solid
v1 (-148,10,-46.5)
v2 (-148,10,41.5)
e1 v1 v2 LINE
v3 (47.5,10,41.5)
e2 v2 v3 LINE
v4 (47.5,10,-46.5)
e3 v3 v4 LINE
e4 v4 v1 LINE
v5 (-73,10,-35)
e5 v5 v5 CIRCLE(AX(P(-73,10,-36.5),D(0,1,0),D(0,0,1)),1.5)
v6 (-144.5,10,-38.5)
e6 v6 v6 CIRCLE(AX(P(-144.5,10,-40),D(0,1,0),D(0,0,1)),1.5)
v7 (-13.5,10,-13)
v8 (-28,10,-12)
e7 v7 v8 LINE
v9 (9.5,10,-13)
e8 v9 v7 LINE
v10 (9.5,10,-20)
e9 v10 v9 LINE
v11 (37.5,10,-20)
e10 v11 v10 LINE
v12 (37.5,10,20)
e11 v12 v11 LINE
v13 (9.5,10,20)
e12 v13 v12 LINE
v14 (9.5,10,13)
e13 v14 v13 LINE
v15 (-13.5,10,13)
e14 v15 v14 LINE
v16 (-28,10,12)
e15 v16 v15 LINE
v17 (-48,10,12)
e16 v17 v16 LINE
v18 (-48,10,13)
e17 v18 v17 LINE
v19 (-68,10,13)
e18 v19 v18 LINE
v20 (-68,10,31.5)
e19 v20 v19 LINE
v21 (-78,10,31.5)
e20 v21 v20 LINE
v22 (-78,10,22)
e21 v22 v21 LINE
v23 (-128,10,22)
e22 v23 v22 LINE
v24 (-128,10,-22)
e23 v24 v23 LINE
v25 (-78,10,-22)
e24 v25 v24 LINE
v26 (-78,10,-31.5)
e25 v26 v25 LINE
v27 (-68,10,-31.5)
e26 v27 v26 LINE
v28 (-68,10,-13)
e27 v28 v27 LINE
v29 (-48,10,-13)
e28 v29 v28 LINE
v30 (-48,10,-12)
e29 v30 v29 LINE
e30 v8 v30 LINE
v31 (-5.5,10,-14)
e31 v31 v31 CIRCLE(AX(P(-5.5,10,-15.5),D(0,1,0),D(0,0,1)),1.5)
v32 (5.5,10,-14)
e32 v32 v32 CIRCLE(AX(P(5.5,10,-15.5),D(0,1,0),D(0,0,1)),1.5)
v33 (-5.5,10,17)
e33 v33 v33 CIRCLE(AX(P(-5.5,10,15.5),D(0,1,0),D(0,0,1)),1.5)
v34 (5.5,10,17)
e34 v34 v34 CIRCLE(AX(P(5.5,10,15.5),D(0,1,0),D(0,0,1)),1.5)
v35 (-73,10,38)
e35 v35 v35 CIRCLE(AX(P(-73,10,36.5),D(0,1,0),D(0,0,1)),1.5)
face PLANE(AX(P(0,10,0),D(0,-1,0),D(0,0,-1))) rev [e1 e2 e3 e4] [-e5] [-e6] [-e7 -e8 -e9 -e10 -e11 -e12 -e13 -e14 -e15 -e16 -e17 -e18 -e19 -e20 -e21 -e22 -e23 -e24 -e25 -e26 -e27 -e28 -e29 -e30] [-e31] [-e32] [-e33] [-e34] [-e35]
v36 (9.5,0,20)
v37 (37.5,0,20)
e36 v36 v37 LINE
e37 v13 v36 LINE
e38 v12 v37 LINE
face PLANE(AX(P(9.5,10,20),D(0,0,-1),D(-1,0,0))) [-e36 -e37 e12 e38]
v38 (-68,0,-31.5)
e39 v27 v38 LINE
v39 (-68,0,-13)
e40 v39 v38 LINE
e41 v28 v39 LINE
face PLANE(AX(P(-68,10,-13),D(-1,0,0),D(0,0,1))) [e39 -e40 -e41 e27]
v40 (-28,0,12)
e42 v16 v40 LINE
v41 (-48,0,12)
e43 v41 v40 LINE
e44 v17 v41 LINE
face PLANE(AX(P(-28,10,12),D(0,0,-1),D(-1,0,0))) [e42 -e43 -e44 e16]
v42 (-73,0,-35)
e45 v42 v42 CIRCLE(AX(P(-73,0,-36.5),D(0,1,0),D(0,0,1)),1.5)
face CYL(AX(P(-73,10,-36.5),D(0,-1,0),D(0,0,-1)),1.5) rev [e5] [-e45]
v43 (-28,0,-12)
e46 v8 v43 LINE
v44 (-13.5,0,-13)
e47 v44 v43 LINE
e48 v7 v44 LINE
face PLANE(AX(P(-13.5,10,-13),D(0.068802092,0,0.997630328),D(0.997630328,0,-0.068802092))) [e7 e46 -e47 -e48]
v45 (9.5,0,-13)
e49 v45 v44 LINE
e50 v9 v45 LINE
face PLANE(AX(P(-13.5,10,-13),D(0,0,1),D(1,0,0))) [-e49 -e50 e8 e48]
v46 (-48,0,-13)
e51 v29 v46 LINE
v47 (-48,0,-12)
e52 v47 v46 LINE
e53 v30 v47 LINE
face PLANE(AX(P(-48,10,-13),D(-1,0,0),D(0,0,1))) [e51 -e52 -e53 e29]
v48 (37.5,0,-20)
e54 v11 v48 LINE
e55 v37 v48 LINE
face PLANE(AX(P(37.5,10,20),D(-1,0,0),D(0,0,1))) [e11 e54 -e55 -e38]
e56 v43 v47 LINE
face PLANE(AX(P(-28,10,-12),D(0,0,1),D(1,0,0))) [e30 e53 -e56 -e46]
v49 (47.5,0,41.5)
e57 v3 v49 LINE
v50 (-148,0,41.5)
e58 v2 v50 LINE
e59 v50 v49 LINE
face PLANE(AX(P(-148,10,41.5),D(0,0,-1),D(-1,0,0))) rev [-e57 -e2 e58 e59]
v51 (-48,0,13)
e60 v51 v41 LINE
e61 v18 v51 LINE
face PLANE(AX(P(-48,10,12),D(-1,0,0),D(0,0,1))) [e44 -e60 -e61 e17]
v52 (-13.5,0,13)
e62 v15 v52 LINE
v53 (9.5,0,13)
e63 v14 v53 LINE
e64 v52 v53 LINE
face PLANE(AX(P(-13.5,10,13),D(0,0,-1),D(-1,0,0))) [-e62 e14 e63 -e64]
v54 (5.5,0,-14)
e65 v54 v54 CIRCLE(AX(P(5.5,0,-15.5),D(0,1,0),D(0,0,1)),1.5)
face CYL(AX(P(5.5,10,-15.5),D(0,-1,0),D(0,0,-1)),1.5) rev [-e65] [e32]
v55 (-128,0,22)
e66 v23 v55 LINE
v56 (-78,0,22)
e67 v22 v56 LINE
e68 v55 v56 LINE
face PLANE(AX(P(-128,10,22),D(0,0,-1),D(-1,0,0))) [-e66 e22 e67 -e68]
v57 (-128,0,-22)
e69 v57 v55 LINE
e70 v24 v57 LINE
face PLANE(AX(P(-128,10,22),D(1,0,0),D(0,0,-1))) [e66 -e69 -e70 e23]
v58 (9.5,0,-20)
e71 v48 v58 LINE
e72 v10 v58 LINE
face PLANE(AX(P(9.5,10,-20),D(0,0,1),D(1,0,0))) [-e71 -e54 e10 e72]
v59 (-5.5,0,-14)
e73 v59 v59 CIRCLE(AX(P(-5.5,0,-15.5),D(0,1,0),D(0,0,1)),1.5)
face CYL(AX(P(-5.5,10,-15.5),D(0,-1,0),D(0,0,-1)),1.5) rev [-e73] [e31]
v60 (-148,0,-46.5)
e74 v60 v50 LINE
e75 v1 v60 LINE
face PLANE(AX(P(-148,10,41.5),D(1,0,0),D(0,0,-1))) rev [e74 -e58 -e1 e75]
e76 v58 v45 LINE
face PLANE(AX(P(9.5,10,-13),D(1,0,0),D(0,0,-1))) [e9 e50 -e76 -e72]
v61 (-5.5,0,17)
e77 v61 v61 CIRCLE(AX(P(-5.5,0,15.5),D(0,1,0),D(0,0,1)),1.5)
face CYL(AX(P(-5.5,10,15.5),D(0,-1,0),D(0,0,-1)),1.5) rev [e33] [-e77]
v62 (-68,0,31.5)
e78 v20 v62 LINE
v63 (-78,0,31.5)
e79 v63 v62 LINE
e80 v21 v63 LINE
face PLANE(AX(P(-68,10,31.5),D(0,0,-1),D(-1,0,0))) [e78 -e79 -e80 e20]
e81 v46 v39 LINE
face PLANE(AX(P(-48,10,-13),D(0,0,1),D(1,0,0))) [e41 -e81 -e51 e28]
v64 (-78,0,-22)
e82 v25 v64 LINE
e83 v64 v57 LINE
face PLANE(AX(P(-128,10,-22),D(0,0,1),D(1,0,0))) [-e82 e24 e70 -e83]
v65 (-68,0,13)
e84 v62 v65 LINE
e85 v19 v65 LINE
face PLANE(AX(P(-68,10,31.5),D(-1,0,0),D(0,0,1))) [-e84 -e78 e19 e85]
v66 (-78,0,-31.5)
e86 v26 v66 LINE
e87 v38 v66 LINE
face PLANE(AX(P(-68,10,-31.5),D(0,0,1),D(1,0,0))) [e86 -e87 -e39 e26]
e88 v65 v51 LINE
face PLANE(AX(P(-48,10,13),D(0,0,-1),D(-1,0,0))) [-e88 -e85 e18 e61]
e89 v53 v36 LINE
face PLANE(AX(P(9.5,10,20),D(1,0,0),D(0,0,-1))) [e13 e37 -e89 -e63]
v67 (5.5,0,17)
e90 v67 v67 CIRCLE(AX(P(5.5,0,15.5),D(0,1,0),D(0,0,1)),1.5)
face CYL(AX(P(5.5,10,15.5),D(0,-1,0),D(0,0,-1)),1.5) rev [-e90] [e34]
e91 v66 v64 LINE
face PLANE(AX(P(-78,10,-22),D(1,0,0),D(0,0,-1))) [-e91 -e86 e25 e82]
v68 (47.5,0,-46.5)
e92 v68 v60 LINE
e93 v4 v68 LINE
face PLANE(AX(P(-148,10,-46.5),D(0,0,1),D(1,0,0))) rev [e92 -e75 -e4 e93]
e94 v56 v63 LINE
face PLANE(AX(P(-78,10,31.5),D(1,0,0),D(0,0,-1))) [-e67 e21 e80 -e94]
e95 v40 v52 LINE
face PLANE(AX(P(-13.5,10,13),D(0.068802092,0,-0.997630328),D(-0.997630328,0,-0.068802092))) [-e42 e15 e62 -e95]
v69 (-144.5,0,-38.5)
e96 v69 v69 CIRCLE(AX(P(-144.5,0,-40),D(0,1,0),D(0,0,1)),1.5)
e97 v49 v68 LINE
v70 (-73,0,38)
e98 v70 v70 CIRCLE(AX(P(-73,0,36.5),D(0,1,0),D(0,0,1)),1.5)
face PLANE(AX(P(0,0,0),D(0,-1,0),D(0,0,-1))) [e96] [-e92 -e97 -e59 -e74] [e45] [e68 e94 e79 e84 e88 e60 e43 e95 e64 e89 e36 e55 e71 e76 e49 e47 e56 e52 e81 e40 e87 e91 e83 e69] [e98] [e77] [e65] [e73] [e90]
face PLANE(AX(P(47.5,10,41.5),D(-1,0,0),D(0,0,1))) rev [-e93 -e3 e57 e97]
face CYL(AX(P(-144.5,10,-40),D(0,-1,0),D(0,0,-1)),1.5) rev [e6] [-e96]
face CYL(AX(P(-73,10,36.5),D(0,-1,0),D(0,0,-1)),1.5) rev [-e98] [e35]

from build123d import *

# Parameters (mm, degrees)
SKETCH_1_W      = 195.5
SKETCH_1_H      = 88
SKETCH_1_R      = 1.5
EXTRUDE_1_DEPTH = 10


with BuildPart() as part:
    # Эскиз1 → Бобышка-Вытянуть1 (new body)
    with BuildSketch(Plane(origin=(0, 0, 0), x_dir=(1, 0, 0), z_dir=(0, 1, 0))):
        with Locations((-50.25, 2.5)):
            Rectangle(SKETCH_1_W, SKETCH_1_H)
        with Locations(Location((-5.5, 15.5, 0), (0, 0, 270))):
            Circle(SKETCH_1_R, mode=Mode.SUBTRACT)
        with Locations(Location((5.5, 15.5, 0), (0, 0, 270))):
            Circle(SKETCH_1_R, mode=Mode.SUBTRACT)
        with Locations(Location((-5.5, -15.5, 0), (0, 0, 270))):
            Circle(SKETCH_1_R, mode=Mode.SUBTRACT)
        with Locations(Location((5.5, -15.5, 0), (0, 0, 270))):
            Circle(SKETCH_1_R, mode=Mode.SUBTRACT)
        with Locations(Location((-73, 36.5, 0), (0, 0, 270))):
            Circle(SKETCH_1_R, mode=Mode.SUBTRACT)
        with Locations(Location((-73, -36.5, 0), (0, 0, 270))):
            Circle(SKETCH_1_R, mode=Mode.SUBTRACT)
        with Locations(Location((-144.5, 40, 0), (0, 0, 270))):
            Circle(SKETCH_1_R, mode=Mode.SUBTRACT)
        Polygon((-13.5, 13), (-28, 12), (-48, 12), (-48, 13), (-68, 13), (-68, 31.5), (-78, 31.5), (-78, 22), (-128, 22), (-128, -22), (-78, -22), (-78, -31.5), (-68, -31.5), (-68, -13), (-48, -13), (-48, -12), (-28, -12), (-13.5, -13), (9.5, -13), (9.5, -20), (37.5, -20), (37.5, 20), (9.5, 20), (9.5, 13), align=None, mode=Mode.SUBTRACT)
    extrude(amount=EXTRUDE_1_DEPTH)


solid = part.part
